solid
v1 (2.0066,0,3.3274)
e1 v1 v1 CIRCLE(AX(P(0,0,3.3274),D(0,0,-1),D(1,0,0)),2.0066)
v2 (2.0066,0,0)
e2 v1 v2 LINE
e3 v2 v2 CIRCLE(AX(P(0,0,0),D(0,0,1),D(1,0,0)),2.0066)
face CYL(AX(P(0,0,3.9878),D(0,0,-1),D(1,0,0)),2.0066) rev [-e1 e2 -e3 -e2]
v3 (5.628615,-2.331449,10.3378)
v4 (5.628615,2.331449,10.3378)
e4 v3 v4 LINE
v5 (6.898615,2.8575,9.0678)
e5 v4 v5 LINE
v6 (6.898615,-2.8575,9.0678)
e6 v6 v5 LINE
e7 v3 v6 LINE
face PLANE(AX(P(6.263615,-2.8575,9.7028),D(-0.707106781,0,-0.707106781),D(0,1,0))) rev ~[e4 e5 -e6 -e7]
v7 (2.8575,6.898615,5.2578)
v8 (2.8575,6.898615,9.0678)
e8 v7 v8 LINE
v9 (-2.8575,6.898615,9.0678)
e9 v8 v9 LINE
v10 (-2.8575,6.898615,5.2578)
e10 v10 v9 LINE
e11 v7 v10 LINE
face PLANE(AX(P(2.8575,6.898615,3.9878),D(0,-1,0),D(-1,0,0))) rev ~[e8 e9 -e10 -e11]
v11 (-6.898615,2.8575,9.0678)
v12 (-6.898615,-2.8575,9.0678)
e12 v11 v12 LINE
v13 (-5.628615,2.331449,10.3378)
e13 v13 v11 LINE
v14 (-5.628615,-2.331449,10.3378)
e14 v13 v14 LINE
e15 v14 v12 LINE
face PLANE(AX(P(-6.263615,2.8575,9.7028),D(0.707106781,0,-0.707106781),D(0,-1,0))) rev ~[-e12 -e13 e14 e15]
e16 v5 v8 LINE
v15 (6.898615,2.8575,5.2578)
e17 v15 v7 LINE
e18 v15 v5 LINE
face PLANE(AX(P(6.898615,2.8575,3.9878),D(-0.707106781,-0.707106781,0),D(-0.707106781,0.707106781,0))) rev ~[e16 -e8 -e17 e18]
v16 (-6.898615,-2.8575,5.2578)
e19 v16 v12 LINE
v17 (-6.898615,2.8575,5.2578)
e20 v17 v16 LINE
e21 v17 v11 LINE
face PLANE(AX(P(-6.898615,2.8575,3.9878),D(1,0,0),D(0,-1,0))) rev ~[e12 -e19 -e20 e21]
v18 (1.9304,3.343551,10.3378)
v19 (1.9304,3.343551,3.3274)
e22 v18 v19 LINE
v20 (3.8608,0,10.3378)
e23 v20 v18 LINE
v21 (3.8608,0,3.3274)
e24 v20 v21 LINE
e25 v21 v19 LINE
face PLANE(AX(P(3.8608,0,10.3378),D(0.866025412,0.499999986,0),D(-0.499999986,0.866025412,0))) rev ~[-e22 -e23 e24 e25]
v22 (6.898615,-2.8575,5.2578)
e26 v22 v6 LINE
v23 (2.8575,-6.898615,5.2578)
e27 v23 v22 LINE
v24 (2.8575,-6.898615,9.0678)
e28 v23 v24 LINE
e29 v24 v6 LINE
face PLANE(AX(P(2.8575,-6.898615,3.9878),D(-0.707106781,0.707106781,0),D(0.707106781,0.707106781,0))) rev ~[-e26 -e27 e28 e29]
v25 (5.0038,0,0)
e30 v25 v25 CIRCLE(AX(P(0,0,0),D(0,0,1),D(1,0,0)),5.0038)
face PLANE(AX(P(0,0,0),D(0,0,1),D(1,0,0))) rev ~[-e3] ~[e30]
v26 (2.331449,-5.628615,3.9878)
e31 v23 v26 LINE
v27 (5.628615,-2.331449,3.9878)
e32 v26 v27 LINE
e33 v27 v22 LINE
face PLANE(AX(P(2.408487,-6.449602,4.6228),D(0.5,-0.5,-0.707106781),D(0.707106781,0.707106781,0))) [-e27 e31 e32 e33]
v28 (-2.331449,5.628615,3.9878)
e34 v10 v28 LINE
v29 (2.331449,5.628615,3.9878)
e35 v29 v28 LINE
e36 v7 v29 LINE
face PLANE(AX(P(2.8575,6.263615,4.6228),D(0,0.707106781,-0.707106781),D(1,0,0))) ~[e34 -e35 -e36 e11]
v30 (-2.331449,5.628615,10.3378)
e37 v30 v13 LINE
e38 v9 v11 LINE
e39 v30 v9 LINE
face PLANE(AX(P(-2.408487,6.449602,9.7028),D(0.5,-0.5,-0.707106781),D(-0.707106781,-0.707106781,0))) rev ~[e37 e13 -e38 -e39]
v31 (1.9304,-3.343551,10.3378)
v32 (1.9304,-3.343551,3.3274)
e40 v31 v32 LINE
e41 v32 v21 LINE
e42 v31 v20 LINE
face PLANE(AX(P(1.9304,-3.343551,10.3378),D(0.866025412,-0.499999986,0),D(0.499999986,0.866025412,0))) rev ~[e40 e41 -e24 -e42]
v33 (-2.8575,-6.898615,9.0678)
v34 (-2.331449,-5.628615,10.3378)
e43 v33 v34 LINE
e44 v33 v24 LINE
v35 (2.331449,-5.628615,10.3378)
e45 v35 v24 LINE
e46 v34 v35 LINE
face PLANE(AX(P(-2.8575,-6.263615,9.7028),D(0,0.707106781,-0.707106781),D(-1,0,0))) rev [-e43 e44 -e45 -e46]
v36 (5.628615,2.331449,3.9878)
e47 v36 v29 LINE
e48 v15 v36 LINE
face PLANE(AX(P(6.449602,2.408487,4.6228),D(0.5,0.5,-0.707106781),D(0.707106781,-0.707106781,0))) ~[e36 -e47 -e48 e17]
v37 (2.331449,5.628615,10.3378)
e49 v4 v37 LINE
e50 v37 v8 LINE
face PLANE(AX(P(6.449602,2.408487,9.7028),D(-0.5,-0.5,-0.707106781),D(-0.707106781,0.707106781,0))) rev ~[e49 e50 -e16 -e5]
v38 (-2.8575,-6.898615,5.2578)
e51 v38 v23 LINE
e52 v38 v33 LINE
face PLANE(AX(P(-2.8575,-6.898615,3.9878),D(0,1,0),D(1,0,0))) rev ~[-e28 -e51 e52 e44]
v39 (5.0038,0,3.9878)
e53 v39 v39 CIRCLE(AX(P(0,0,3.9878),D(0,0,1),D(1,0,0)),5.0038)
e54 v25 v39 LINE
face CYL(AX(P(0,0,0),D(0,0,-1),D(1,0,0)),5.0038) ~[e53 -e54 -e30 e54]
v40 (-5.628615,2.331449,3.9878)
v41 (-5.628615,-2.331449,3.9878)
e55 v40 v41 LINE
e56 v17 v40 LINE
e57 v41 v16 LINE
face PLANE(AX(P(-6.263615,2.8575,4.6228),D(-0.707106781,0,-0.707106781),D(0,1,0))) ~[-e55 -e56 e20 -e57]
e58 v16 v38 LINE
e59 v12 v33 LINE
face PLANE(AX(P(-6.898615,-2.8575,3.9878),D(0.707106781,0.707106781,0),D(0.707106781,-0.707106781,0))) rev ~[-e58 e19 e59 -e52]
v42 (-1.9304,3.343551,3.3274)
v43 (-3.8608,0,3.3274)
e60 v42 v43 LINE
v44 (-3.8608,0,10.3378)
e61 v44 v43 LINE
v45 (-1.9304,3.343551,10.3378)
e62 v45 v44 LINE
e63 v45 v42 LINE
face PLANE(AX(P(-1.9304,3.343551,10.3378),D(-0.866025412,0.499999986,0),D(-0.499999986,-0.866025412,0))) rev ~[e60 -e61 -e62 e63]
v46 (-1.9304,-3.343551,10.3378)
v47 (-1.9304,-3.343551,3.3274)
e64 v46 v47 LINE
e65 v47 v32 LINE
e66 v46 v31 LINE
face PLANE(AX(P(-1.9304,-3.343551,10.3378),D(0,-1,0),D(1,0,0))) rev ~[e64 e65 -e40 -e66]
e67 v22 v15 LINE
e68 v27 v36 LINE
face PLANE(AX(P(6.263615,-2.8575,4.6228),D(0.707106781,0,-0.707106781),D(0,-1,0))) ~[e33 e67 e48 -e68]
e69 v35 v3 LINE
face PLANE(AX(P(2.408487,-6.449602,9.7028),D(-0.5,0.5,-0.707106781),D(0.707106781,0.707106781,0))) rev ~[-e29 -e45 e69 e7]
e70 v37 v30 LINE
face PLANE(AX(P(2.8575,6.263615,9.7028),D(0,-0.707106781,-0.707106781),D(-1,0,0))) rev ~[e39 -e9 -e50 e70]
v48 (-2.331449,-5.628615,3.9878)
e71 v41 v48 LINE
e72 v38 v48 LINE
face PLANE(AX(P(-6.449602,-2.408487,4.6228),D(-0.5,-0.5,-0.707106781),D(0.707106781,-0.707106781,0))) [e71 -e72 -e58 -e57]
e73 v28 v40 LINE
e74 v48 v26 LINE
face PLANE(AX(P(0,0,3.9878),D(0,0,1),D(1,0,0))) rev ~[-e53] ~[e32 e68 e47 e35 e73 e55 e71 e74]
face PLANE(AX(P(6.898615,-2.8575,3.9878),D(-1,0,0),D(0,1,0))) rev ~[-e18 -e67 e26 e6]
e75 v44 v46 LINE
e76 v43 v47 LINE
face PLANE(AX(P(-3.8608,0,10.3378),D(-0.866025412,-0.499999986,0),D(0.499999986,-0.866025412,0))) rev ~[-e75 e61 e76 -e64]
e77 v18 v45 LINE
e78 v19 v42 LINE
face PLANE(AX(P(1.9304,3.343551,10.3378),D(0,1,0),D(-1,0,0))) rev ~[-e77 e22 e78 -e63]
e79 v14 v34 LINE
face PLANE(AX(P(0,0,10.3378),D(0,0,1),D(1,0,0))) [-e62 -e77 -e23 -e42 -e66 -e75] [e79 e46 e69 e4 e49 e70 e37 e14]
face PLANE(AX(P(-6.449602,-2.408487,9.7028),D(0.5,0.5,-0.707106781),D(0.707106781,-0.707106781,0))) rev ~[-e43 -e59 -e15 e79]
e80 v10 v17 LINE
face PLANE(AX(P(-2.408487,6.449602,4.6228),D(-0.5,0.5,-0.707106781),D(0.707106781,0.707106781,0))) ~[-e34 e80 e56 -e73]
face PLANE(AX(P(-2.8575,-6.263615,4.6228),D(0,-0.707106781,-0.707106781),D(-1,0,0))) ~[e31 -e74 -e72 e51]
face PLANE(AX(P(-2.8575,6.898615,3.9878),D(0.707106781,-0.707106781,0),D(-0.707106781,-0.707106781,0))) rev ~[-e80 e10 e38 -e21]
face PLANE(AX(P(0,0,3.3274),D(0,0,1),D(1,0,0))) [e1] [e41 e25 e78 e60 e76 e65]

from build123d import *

# Parameters (mm, degrees)
F0_R     = 5.0038
F0_R_2   = 2.0066
F1_DEPTH = 3.9878
F2_R     = 5.0038
F2_R_2   = 2.0066
F3_DEPTH = 6.35
F4_SIZE  = 1.27
F6_DEPTH = 7.0104


with BuildPart() as f1:
    # F0 (on Top) → F1 (new body)
    with BuildSketch(Plane.XY):
        Circle(F0_R)
        Circle(F0_R_2, mode=Mode.SUBTRACT)
    extrude(amount=F1_DEPTH)

    # F2 (on face) → F3 (join)
    with BuildSketch(Plane.XY.offset(3.9878)):
        Polygon((-2.8575, -6.898615), (2.8575, -6.898615), (6.898615, -2.8575), (6.898615, 2.8575), (2.8575, 6.898615), (-2.8575, 6.898615), (-6.898615, 2.8575), (-6.898615, -2.8575), align=None)
        Circle(F2_R, mode=Mode.SUBTRACT)
        Circle(F2_R)
        Circle(F2_R_2, mode=Mode.SUBTRACT)
    extrude(amount=F3_DEPTH)

    # F4
    f4_edges = [f1.edges().sort_by_distance(p)[0] for p in [
        (-6.898615, 0, 10.3378),
        (-4.878058, 4.878058, 10.3378),
        (0, 6.898615, 10.3378),
        (4.878058, 4.878058, 10.3378),
        (6.898615, 0, 10.3378),
        (4.878058, -4.878058, 10.3378),
        (0, -6.898615, 10.3378),
        (-4.878058, -4.878058, 10.3378),
        (0, -6.898615, 3.9878),
        (-4.878058, -4.878058, 3.9878),
        (4.878058, -4.878058, 3.9878),
        (-6.898615, 0, 3.9878),
        (6.898615, 0, 3.9878),
        (4.878058, 4.878058, 3.9878),
        (0, 6.898615, 3.9878),
        (-4.878058, 4.878058, 3.9878),
    ]]
    chamfer(f4_edges, length=F4_SIZE)

    # F5 (on face) → F6 (cut)
    with BuildSketch(Plane.XY.offset(10.3378)):
        Polygon((1.9304, -3.343551), (3.8608, 0), (1.9304, 3.343551), (-1.9304, 3.343551), (-3.8608, 0), (-1.9304, -3.343551), align=None)
    extrude(amount=-F6_DEPTH, mode=Mode.SUBTRACT)


solid = f1.part
